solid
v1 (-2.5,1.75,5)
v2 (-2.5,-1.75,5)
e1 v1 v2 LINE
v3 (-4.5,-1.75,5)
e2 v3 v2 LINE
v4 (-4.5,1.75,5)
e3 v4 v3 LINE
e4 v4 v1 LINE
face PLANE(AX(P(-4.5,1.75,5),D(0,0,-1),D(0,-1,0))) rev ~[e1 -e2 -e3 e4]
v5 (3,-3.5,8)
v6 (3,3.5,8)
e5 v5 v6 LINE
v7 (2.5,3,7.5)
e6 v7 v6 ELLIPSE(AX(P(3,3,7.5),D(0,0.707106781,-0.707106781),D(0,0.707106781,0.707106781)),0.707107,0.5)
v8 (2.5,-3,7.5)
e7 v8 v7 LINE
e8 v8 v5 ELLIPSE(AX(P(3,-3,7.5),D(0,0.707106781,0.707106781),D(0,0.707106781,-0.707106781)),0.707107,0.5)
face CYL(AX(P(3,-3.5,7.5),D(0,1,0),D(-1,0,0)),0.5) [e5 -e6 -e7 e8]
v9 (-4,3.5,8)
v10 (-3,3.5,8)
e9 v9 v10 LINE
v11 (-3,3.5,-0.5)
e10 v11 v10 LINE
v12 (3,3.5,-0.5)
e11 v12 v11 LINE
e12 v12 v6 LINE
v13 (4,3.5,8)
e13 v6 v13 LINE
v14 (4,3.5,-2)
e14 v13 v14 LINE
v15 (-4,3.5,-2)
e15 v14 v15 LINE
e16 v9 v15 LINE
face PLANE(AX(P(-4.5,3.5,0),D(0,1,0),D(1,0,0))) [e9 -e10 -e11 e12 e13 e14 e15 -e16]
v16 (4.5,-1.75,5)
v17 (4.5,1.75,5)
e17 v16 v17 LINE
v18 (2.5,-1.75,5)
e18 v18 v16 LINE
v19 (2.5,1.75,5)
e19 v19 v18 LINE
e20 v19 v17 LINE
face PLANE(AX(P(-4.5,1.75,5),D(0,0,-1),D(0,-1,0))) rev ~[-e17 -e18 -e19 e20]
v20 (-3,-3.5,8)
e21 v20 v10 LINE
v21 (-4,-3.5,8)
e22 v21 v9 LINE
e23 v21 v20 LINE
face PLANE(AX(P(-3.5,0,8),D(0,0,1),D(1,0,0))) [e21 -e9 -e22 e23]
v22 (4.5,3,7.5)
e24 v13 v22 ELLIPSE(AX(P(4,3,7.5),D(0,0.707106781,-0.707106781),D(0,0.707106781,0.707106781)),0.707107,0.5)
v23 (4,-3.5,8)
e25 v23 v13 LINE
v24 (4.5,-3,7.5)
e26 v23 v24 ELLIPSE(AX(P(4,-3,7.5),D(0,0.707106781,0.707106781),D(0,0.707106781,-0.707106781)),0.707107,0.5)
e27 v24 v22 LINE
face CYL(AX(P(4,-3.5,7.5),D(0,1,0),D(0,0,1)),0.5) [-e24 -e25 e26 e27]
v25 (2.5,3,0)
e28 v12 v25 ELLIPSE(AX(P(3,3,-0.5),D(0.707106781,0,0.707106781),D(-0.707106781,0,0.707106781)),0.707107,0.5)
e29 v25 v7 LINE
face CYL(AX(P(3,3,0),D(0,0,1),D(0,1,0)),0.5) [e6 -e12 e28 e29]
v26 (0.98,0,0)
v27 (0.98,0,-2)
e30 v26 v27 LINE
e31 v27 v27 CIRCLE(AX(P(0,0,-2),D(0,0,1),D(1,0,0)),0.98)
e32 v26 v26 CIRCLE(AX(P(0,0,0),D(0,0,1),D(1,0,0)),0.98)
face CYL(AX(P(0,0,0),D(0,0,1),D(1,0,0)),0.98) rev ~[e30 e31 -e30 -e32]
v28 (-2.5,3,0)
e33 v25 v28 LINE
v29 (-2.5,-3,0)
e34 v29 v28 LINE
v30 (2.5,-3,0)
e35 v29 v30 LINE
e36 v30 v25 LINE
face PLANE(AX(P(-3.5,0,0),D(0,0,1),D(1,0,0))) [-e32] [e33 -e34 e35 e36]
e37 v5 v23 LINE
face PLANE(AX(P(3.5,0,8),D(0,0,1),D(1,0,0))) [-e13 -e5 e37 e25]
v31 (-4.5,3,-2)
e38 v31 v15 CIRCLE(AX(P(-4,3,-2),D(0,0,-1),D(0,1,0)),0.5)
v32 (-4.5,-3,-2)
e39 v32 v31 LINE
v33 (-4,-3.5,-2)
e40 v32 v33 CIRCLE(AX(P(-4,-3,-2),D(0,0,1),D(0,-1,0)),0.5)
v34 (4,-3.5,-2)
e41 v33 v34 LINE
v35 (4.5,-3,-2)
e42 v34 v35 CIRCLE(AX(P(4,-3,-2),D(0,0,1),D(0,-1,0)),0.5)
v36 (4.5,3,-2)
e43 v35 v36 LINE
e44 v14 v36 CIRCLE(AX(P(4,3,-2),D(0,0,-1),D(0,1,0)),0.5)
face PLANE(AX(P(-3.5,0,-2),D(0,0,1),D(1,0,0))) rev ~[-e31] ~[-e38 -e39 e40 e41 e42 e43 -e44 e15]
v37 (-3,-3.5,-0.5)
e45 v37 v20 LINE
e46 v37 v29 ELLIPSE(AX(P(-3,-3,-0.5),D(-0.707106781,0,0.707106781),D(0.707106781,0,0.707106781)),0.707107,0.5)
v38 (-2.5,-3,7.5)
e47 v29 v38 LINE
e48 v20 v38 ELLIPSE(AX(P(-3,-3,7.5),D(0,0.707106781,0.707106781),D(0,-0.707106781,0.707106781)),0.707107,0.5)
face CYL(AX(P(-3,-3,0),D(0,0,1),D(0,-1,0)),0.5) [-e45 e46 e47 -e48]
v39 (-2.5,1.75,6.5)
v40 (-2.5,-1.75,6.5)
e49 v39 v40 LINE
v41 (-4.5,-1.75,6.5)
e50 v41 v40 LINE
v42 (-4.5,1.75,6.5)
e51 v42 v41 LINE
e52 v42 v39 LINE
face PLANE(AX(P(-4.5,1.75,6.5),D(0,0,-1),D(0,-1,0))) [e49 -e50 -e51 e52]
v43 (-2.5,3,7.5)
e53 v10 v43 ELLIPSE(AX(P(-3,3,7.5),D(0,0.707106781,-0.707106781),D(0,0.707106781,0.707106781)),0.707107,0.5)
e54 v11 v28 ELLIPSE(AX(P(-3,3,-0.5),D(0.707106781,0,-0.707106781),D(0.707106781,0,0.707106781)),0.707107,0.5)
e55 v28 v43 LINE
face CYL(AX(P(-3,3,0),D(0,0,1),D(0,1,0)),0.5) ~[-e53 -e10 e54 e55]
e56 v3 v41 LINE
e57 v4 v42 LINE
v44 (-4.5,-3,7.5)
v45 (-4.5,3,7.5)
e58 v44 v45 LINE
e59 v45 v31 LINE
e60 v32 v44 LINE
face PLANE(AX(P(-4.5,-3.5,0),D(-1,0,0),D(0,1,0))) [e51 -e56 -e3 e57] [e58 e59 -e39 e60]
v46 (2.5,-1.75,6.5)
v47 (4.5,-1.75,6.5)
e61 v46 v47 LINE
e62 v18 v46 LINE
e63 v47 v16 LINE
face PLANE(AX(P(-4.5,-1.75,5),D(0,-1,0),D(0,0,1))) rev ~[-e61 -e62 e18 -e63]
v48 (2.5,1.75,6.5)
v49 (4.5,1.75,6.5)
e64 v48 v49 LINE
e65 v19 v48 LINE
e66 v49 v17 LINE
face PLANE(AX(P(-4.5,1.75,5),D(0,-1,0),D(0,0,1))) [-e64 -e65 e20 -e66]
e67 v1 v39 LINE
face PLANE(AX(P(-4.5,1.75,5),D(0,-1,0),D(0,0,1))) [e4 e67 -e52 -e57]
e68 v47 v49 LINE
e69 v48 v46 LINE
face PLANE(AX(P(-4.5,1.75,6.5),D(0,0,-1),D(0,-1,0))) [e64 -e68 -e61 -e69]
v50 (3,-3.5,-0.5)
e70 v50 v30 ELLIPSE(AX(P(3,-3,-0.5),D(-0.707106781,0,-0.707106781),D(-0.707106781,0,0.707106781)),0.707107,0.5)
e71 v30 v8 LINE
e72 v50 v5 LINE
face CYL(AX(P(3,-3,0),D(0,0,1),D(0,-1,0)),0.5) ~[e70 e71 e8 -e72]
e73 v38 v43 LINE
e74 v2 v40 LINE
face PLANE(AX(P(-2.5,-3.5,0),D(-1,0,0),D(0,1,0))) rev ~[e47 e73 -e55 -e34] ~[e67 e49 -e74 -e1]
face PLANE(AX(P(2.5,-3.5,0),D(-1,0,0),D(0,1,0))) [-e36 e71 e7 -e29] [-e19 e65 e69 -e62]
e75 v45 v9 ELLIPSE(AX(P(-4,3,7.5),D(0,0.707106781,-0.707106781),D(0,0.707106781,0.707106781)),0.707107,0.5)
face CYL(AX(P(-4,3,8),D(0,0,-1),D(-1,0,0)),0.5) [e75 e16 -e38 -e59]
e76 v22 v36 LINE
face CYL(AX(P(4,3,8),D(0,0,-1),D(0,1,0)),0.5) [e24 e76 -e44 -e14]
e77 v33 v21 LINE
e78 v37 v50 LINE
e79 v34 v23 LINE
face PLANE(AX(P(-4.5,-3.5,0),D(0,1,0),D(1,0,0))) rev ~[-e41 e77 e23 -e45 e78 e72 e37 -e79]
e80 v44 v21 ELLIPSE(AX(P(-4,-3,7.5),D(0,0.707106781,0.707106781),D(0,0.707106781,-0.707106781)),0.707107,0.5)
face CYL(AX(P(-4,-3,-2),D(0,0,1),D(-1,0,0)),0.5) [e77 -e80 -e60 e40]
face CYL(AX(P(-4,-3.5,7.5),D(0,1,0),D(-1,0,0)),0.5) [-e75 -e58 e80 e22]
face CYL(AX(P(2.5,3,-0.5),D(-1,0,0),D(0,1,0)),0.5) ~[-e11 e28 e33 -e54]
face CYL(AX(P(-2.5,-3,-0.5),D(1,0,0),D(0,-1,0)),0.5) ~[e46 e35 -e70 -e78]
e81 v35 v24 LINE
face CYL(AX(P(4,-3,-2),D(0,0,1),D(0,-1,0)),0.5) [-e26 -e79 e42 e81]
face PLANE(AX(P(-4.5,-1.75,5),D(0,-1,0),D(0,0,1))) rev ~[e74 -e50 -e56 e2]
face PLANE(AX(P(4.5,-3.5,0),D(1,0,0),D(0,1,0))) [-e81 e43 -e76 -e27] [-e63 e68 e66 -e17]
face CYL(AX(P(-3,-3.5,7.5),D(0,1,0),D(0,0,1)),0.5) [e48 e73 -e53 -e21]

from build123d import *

# Parameters (mm, degrees)
F0_W     = 2
F0_H     = 7
F0_W_2   = 5
F0_R     = 0.98
F1_DEPTH = 2
F2_DEPTH = 8
F3_W     = 3.5
F3_H     = 1.5
F4_DEPTH = 25
F5_R     = 0.5


with BuildPart() as f1:
    # F0 (on Top) → F1 (new body)
    with BuildSketch(Plane.XY):
        with Locations((-3.5, 0)):
            Rectangle(F0_W, F0_H)
        Rectangle(F0_W_2, F0_H)
        Circle(F0_R, mode=Mode.SUBTRACT)
        with Locations((3.5, 0)):
            Rectangle(F0_W, F0_H)
    extrude(amount=-F1_DEPTH)

    # F0 (on Top) → F2 (join)
    with BuildSketch(Plane.XY):
        with Locations((-3.5, 0)):
            Rectangle(F0_W, F0_H)
        with Locations((3.5, 0)):
            Rectangle(F0_W, F0_H)
    extrude(amount=F2_DEPTH)

    # F3 (on face) → F4 (cut)
    with BuildSketch(Plane(origin=(-4.5, 0, 0), x_dir=(0, -1, 0), z_dir=(-1, 0, 0))):
        with Locations((0, 5.75)):
            Rectangle(F3_W, F3_H)
    extrude(amount=-F4_DEPTH, mode=Mode.SUBTRACT)

    # F5
    f5_edges = [f1.edges().sort_by_distance(p)[0] for p in [
        (-2.5, -3.5, 4),
        (-4.5, 0, 8),
        (-2.5, 0, 8),
        (2.5, 0, 8),
        (4.5, 0, 8),
        (2.5, -3.5, 4),
        (4.5, -3.5, 3),
        (-4.5, -3.5, 3),
        (-4.5, 3.5, 3),
        (2.5, 3.5, 4),
        (4.5, 3.5, 3),
        (-2.5, 3.5, 4),
        (0, -3.5, 0),
        (0, 3.5, 0),
    ]]
    fillet(f5_edges, radius=F5_R)


solid = f1.part
